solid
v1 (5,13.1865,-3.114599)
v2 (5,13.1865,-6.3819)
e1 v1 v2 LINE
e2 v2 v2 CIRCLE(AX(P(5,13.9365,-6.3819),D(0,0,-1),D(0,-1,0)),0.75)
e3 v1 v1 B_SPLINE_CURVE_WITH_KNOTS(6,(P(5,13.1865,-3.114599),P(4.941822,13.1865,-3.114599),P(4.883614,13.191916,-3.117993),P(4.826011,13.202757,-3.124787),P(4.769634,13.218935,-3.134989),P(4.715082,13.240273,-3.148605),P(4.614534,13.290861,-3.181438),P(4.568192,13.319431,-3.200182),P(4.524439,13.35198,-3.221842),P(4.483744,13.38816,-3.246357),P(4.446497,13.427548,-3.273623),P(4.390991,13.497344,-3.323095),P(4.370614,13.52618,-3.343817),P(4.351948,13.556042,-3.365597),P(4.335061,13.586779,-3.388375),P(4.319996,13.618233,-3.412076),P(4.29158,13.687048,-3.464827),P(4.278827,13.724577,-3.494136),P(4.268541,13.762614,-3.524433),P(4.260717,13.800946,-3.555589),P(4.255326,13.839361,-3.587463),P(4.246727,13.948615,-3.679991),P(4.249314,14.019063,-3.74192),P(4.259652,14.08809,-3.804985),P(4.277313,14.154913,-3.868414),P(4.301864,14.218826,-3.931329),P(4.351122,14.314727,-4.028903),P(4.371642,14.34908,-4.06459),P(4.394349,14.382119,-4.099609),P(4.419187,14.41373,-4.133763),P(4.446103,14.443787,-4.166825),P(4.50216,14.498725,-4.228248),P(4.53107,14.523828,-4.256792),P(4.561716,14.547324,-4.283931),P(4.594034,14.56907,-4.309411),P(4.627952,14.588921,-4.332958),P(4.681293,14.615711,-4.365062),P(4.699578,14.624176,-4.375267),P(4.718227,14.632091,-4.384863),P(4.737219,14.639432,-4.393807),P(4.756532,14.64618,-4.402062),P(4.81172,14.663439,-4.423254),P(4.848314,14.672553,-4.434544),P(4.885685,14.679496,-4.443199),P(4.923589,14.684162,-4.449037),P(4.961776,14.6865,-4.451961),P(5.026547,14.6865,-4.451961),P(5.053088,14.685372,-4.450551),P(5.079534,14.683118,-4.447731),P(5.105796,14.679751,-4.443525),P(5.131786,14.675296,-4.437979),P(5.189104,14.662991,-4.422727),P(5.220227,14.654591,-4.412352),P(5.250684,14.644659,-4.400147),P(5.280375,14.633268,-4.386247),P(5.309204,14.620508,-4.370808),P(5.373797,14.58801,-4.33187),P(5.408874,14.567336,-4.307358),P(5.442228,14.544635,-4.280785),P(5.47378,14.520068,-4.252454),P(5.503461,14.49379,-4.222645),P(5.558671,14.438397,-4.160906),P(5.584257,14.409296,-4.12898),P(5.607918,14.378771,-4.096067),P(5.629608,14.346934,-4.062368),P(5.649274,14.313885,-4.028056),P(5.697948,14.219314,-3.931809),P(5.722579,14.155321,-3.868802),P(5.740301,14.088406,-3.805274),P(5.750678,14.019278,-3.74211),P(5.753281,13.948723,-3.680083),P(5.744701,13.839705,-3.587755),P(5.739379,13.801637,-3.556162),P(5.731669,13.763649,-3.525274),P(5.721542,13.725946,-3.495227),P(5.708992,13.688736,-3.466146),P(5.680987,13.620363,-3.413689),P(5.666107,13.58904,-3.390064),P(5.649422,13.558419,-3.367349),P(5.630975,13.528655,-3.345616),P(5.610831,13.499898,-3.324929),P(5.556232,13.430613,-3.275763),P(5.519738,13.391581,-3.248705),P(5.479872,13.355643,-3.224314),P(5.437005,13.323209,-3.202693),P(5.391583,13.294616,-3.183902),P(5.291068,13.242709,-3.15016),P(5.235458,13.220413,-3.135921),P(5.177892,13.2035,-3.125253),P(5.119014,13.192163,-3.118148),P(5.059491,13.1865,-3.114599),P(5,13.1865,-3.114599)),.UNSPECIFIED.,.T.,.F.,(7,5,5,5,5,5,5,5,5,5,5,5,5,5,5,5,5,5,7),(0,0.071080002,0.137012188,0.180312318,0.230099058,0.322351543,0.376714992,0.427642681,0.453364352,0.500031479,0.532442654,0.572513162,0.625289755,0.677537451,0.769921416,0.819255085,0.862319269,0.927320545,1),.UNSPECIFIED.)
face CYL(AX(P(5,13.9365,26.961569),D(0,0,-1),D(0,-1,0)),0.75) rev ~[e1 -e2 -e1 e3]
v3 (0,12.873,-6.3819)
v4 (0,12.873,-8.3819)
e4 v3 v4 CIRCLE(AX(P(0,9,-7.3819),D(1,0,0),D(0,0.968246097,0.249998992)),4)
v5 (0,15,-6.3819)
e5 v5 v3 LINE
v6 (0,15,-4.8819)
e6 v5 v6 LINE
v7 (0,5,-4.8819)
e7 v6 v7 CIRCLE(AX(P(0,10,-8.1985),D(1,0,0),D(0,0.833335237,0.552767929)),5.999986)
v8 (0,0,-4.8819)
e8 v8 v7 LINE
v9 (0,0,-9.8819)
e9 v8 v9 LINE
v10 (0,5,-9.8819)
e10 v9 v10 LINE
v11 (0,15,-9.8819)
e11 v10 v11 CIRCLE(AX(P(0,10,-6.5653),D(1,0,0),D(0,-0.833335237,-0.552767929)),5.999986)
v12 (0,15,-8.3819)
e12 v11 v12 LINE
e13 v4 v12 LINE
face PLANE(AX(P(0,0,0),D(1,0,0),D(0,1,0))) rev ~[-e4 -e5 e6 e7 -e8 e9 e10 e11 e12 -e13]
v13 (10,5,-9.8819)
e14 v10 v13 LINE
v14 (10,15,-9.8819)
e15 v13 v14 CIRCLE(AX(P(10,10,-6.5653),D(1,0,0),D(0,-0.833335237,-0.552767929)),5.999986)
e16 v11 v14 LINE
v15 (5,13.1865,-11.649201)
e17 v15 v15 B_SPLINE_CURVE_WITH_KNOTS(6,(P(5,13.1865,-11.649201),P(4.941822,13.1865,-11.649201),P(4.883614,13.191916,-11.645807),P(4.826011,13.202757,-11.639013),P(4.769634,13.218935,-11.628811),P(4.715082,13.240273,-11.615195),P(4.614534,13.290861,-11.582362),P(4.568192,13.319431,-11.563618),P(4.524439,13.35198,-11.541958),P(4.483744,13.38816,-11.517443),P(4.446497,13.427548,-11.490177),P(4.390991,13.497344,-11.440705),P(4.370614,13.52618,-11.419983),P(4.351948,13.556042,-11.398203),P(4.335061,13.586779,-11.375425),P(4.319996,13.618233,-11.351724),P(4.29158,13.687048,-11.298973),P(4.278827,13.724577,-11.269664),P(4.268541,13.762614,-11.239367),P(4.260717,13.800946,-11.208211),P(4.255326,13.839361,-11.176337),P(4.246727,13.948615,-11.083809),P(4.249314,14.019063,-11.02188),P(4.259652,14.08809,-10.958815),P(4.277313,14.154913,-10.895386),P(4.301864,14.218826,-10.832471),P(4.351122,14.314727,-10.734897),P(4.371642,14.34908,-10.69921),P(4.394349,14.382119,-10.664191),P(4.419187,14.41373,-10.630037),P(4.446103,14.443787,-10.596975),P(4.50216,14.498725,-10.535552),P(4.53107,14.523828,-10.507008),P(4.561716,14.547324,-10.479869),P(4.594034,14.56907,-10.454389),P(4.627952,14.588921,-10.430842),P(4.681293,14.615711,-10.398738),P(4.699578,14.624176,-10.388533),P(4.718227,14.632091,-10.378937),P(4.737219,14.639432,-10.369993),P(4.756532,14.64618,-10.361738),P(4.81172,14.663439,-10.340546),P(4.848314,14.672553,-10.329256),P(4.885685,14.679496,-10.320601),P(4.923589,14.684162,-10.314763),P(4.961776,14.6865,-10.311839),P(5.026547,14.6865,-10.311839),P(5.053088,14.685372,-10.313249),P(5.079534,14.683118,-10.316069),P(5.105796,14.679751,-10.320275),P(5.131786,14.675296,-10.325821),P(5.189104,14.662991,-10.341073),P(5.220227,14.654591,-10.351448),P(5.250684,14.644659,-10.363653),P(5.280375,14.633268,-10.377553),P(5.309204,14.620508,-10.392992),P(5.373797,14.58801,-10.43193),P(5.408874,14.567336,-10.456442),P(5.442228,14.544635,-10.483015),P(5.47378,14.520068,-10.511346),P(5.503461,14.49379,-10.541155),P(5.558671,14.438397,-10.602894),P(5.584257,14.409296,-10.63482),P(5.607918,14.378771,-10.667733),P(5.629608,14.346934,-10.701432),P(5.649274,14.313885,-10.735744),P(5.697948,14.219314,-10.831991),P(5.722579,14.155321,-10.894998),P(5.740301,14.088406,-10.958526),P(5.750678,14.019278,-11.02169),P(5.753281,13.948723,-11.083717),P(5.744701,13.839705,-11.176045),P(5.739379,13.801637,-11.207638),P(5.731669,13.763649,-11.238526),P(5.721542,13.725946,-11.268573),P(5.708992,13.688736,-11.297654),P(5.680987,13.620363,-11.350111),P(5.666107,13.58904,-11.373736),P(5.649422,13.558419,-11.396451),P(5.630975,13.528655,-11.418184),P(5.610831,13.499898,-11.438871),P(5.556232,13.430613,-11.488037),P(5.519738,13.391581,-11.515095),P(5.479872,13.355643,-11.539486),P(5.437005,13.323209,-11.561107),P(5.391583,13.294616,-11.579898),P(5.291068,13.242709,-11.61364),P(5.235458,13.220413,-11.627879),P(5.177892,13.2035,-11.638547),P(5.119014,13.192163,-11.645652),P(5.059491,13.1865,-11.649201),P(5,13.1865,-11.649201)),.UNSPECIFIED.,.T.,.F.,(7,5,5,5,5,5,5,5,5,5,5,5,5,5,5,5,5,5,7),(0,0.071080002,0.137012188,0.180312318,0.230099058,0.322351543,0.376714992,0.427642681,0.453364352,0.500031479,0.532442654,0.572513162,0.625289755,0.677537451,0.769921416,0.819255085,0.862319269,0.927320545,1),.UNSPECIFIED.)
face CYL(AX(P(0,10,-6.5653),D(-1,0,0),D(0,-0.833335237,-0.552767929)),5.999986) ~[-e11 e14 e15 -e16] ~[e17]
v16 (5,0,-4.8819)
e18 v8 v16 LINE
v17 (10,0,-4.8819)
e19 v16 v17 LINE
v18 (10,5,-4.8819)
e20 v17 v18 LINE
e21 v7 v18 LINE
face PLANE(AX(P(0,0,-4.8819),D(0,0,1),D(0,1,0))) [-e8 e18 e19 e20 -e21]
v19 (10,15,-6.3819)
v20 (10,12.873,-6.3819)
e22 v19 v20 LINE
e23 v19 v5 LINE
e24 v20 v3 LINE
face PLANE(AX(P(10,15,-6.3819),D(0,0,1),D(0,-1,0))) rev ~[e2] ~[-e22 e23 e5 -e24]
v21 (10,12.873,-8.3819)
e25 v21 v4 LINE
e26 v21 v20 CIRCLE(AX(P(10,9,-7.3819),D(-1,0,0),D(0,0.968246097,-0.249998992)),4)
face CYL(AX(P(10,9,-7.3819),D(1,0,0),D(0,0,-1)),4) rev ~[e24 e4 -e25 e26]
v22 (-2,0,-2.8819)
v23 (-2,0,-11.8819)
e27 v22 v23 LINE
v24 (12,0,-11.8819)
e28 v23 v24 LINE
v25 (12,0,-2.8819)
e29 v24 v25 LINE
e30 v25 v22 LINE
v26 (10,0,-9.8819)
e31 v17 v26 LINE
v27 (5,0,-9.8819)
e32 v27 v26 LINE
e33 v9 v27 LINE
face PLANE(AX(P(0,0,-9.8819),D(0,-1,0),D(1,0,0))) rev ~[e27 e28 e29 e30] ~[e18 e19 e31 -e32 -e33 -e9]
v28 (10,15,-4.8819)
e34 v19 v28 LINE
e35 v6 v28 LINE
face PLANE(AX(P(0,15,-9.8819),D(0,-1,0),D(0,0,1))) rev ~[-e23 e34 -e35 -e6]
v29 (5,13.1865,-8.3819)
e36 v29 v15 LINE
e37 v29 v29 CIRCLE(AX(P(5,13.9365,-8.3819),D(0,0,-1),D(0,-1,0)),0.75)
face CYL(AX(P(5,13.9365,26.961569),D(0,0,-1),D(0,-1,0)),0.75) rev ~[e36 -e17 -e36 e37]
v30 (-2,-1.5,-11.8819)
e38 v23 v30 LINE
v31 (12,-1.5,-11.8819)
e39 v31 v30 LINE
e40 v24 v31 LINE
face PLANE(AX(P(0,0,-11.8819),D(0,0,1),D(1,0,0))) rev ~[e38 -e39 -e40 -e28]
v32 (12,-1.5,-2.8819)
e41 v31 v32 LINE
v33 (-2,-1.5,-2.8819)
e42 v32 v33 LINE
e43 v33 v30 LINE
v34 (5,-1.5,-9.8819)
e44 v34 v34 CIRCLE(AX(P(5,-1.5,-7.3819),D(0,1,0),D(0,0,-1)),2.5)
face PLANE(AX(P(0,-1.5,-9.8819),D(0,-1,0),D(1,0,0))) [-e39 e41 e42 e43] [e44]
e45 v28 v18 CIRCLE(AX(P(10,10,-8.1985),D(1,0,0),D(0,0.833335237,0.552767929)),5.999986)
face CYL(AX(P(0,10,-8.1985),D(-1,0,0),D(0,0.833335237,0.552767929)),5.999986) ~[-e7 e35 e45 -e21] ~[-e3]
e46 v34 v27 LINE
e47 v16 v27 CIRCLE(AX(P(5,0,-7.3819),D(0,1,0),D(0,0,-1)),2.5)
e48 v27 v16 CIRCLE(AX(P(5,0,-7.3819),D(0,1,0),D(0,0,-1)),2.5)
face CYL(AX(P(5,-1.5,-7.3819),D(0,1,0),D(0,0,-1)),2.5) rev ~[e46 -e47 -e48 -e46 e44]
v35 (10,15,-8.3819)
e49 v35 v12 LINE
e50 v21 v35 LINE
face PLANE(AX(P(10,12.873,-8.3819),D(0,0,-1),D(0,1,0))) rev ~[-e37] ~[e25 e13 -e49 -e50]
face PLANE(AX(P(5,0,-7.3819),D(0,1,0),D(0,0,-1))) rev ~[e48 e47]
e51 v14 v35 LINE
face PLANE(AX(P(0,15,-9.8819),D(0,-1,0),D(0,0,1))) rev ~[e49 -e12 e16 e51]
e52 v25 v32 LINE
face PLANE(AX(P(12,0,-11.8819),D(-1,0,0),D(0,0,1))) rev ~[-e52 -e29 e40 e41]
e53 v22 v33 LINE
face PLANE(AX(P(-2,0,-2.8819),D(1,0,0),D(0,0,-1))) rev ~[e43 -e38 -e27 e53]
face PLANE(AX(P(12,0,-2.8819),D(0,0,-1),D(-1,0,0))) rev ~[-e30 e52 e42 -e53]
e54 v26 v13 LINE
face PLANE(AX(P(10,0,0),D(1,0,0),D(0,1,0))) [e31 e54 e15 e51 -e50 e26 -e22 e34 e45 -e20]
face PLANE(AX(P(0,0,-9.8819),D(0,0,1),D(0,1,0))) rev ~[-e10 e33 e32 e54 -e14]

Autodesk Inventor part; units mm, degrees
ref_plane "YZ Plane" through (0, 0, 0) normal (1, 0, 0) x (0, 1, 0)
ref_plane "XZ Plane" through (0, 0, 0) normal (0, 1, 0) x (-1, 0, 0)
ref_plane "XY Plane" through (0, 0, 0) normal (0, 0, 1) x (1, 0, 0)
sketch "Sketch1" plane through (0, 0, 0) normal (1, 0, 0) x (0, 1, 0)
  line L0 (0, -4.8819) -> (5, -4.8819)
  line L1 (5, -4.8819) -> (0, -4.8819)
  line L2 (0, -4.8819) -> (0, -9.8819)
  line L3 (0, -9.8819) -> (5, -9.8819)
  arc A0 (15, -4.8819) -> (5, -4.8819) centre (10, -8.1985) ccw
  arc A1 (5, -9.8819) -> (15, -9.8819) centre (10, -6.5653) ccw
  line L4 (15, -9.8819) -> (15, -4.8819)
  point P0 (0, 0)
  point P1 (0, -7.3819)
  point P2 (10, -7.3819)
  point P3 (10, -4.8819)
  point P4 (10, -9.8819)
  dimension "d0" = 5
  dimension "d1" = 10
  dimension "d2" = 5
  dimension "d3" = 5
  dimension "d4" = 10
  dimension "d5" = 6
  dimension "d6" = 6
extrude "Extrusion1" add sketch "Sketch1" along normal blind 10
sketch "Sketch7" plane through (10, 0, 0) normal (1, 0, 0) x (0, 0, -1)
  line L0 (9.8819, 15) -> (4.8819, 15) projected
  line L1 (9.8819, 0) -> (9.8819, 5) projected
  line L2 (4.8819, 0) -> (9.8819, 0) projected
  circle A0 centre (7.3819, 9) radius 4
  point P0 (0, 0)
  point P1 (7.3819, 15)
  point P2 (7.3819, 5)
  point P3 (9.8819, 10.0351)
  dimension "d29" = 2.5
  dimension "d30" = 10
  dimension "d31" = 4
  dimension "d33" = 5
extrude "Extrusion4" cut sketch "Sketch7" against normal blind 10
sketch "Sketch8" plane through (10, 0, 0) normal (1, 0, 0) x (0, 0, -1)
  line L0 (8.3819, 12.873) -> (8.3819, 15)
  line L1 (9.8819, 15) -> (4.8819, 15) projected
  line L2 (9.8819, 15) -> (4.8819, 15) projected
  line L3 (6.3819, 15) -> (6.3819, 12.873)
  circle A0 centre (7.3819, 9) radius 4 projected
  line L4 (8.3819, 15) -> (6.3819, 15)
  arc A1 (8.3819, 12.873) -> (6.3819, 12.873) centre (7.3819, 9) ccw
  point P0 (0, 0)
  dimension "d36" = 1.5
  dimension "d39" = 1.5
extrude "Extrusion5" cut sketch "Sketch8" against normal blind 10 contours A0 L3 L1 L0
sketch "Sketch9" plane through (0, 0, -9.8819) normal (0, 0, -1) x (-1, 0, 0)
  circle A0 centre (-5, 13.9365) radius 0.4
  line L0 (-10, 12.873) -> (0, 12.873) projected
  line L1 (0, 15) -> (-10, 15) projected
  line L2 (-10, 15) -> (-10, 5) projected
  point P0 (0, 0)
  dimension "d42" = 0.8
  dimension "d43" = 1.0635
  dimension "d44" = 2.127
  dimension "d45" = 10
  dimension "d46" = 5
hole "Hole1" at (5, 13.9365, -9.8819) direction (0, 0, -1) diameter 1.5 end through all both
sketch "Sketch10" plane through (0, 0, -9.8819) normal (0, -1, 0) x (1, 0, 0)
  line L0 (12, -2) -> (12, 7)
  line L1 (12, 7) -> (-2, 7)
  line L2 (0, 7.6834) -> (10, 7.6834) projected
  line L3 (-2, 7) -> (-2, -2)
  line L4 (-2, -2) -> (12, -2)
  line L5 (0, -2.6834) -> (10, -2.6834) projected
  line L6 (0, -2.6834) -> (0, 0) projected
  line L7 (0, 0) -> (10, 0) projected
  line L8 (0, 5) -> (0, 0) projected
  line L9 (0, 5) -> (10, 5) projected
  point P0 (0, 9.8819)
  point P1 (5, 2.5)
  dimension "d54" = 14
  dimension "d56" = 2
  dimension "d57" = 2
  dimension "d58" = 5
  dimension "d59" = 2.5
  dimension "d60" = 2
  dimension "d74" = 9
extrude "Extrusion6" add sketch "Sketch10" along normal blind 1.5
sketch "Sketch11" plane through (10, 0, 0) normal (1, 0, 0) x (0, 0, -1)
  point P0 (0, 0)
sketch "Sketch12" plane through (0, -1.5, -9.8819) normal (0, -1, 0) x (1, 0, 0)
  line L0 (-2, 7) -> (-2, -2) projected
  line L1 (12, 7) -> (-2, 7) projected
  circle A0 centre (5, 2.5) radius 2.5
  point P0 (0, 9.8819)
  dimension "d63" = 7
  dimension "d64" = 4.5
  dimension "d65" = 9
  dimension "d66" = 5
hole "Hole2" at (5, -1.5, -7.3819) direction (0, 1, 0) diameter 5 depth 1.5
equation "\"d2\" = d0"
equation "\"d3\" = d0"
equation "\"d36\" = d37"
equation "\"d43\" = 0.5 * d44"
equation "\"d59\" = 0.5 * d58"
equation "\"d60\" = d57"
equation "\"d64\" = 0.5 * d65"
equation "\"d66\" = hoop_bearing_length"
equation "\"hoop_bearing_length\" = 5"
equation "\"d37\" = 1.5"
properties part number "Clamp"
